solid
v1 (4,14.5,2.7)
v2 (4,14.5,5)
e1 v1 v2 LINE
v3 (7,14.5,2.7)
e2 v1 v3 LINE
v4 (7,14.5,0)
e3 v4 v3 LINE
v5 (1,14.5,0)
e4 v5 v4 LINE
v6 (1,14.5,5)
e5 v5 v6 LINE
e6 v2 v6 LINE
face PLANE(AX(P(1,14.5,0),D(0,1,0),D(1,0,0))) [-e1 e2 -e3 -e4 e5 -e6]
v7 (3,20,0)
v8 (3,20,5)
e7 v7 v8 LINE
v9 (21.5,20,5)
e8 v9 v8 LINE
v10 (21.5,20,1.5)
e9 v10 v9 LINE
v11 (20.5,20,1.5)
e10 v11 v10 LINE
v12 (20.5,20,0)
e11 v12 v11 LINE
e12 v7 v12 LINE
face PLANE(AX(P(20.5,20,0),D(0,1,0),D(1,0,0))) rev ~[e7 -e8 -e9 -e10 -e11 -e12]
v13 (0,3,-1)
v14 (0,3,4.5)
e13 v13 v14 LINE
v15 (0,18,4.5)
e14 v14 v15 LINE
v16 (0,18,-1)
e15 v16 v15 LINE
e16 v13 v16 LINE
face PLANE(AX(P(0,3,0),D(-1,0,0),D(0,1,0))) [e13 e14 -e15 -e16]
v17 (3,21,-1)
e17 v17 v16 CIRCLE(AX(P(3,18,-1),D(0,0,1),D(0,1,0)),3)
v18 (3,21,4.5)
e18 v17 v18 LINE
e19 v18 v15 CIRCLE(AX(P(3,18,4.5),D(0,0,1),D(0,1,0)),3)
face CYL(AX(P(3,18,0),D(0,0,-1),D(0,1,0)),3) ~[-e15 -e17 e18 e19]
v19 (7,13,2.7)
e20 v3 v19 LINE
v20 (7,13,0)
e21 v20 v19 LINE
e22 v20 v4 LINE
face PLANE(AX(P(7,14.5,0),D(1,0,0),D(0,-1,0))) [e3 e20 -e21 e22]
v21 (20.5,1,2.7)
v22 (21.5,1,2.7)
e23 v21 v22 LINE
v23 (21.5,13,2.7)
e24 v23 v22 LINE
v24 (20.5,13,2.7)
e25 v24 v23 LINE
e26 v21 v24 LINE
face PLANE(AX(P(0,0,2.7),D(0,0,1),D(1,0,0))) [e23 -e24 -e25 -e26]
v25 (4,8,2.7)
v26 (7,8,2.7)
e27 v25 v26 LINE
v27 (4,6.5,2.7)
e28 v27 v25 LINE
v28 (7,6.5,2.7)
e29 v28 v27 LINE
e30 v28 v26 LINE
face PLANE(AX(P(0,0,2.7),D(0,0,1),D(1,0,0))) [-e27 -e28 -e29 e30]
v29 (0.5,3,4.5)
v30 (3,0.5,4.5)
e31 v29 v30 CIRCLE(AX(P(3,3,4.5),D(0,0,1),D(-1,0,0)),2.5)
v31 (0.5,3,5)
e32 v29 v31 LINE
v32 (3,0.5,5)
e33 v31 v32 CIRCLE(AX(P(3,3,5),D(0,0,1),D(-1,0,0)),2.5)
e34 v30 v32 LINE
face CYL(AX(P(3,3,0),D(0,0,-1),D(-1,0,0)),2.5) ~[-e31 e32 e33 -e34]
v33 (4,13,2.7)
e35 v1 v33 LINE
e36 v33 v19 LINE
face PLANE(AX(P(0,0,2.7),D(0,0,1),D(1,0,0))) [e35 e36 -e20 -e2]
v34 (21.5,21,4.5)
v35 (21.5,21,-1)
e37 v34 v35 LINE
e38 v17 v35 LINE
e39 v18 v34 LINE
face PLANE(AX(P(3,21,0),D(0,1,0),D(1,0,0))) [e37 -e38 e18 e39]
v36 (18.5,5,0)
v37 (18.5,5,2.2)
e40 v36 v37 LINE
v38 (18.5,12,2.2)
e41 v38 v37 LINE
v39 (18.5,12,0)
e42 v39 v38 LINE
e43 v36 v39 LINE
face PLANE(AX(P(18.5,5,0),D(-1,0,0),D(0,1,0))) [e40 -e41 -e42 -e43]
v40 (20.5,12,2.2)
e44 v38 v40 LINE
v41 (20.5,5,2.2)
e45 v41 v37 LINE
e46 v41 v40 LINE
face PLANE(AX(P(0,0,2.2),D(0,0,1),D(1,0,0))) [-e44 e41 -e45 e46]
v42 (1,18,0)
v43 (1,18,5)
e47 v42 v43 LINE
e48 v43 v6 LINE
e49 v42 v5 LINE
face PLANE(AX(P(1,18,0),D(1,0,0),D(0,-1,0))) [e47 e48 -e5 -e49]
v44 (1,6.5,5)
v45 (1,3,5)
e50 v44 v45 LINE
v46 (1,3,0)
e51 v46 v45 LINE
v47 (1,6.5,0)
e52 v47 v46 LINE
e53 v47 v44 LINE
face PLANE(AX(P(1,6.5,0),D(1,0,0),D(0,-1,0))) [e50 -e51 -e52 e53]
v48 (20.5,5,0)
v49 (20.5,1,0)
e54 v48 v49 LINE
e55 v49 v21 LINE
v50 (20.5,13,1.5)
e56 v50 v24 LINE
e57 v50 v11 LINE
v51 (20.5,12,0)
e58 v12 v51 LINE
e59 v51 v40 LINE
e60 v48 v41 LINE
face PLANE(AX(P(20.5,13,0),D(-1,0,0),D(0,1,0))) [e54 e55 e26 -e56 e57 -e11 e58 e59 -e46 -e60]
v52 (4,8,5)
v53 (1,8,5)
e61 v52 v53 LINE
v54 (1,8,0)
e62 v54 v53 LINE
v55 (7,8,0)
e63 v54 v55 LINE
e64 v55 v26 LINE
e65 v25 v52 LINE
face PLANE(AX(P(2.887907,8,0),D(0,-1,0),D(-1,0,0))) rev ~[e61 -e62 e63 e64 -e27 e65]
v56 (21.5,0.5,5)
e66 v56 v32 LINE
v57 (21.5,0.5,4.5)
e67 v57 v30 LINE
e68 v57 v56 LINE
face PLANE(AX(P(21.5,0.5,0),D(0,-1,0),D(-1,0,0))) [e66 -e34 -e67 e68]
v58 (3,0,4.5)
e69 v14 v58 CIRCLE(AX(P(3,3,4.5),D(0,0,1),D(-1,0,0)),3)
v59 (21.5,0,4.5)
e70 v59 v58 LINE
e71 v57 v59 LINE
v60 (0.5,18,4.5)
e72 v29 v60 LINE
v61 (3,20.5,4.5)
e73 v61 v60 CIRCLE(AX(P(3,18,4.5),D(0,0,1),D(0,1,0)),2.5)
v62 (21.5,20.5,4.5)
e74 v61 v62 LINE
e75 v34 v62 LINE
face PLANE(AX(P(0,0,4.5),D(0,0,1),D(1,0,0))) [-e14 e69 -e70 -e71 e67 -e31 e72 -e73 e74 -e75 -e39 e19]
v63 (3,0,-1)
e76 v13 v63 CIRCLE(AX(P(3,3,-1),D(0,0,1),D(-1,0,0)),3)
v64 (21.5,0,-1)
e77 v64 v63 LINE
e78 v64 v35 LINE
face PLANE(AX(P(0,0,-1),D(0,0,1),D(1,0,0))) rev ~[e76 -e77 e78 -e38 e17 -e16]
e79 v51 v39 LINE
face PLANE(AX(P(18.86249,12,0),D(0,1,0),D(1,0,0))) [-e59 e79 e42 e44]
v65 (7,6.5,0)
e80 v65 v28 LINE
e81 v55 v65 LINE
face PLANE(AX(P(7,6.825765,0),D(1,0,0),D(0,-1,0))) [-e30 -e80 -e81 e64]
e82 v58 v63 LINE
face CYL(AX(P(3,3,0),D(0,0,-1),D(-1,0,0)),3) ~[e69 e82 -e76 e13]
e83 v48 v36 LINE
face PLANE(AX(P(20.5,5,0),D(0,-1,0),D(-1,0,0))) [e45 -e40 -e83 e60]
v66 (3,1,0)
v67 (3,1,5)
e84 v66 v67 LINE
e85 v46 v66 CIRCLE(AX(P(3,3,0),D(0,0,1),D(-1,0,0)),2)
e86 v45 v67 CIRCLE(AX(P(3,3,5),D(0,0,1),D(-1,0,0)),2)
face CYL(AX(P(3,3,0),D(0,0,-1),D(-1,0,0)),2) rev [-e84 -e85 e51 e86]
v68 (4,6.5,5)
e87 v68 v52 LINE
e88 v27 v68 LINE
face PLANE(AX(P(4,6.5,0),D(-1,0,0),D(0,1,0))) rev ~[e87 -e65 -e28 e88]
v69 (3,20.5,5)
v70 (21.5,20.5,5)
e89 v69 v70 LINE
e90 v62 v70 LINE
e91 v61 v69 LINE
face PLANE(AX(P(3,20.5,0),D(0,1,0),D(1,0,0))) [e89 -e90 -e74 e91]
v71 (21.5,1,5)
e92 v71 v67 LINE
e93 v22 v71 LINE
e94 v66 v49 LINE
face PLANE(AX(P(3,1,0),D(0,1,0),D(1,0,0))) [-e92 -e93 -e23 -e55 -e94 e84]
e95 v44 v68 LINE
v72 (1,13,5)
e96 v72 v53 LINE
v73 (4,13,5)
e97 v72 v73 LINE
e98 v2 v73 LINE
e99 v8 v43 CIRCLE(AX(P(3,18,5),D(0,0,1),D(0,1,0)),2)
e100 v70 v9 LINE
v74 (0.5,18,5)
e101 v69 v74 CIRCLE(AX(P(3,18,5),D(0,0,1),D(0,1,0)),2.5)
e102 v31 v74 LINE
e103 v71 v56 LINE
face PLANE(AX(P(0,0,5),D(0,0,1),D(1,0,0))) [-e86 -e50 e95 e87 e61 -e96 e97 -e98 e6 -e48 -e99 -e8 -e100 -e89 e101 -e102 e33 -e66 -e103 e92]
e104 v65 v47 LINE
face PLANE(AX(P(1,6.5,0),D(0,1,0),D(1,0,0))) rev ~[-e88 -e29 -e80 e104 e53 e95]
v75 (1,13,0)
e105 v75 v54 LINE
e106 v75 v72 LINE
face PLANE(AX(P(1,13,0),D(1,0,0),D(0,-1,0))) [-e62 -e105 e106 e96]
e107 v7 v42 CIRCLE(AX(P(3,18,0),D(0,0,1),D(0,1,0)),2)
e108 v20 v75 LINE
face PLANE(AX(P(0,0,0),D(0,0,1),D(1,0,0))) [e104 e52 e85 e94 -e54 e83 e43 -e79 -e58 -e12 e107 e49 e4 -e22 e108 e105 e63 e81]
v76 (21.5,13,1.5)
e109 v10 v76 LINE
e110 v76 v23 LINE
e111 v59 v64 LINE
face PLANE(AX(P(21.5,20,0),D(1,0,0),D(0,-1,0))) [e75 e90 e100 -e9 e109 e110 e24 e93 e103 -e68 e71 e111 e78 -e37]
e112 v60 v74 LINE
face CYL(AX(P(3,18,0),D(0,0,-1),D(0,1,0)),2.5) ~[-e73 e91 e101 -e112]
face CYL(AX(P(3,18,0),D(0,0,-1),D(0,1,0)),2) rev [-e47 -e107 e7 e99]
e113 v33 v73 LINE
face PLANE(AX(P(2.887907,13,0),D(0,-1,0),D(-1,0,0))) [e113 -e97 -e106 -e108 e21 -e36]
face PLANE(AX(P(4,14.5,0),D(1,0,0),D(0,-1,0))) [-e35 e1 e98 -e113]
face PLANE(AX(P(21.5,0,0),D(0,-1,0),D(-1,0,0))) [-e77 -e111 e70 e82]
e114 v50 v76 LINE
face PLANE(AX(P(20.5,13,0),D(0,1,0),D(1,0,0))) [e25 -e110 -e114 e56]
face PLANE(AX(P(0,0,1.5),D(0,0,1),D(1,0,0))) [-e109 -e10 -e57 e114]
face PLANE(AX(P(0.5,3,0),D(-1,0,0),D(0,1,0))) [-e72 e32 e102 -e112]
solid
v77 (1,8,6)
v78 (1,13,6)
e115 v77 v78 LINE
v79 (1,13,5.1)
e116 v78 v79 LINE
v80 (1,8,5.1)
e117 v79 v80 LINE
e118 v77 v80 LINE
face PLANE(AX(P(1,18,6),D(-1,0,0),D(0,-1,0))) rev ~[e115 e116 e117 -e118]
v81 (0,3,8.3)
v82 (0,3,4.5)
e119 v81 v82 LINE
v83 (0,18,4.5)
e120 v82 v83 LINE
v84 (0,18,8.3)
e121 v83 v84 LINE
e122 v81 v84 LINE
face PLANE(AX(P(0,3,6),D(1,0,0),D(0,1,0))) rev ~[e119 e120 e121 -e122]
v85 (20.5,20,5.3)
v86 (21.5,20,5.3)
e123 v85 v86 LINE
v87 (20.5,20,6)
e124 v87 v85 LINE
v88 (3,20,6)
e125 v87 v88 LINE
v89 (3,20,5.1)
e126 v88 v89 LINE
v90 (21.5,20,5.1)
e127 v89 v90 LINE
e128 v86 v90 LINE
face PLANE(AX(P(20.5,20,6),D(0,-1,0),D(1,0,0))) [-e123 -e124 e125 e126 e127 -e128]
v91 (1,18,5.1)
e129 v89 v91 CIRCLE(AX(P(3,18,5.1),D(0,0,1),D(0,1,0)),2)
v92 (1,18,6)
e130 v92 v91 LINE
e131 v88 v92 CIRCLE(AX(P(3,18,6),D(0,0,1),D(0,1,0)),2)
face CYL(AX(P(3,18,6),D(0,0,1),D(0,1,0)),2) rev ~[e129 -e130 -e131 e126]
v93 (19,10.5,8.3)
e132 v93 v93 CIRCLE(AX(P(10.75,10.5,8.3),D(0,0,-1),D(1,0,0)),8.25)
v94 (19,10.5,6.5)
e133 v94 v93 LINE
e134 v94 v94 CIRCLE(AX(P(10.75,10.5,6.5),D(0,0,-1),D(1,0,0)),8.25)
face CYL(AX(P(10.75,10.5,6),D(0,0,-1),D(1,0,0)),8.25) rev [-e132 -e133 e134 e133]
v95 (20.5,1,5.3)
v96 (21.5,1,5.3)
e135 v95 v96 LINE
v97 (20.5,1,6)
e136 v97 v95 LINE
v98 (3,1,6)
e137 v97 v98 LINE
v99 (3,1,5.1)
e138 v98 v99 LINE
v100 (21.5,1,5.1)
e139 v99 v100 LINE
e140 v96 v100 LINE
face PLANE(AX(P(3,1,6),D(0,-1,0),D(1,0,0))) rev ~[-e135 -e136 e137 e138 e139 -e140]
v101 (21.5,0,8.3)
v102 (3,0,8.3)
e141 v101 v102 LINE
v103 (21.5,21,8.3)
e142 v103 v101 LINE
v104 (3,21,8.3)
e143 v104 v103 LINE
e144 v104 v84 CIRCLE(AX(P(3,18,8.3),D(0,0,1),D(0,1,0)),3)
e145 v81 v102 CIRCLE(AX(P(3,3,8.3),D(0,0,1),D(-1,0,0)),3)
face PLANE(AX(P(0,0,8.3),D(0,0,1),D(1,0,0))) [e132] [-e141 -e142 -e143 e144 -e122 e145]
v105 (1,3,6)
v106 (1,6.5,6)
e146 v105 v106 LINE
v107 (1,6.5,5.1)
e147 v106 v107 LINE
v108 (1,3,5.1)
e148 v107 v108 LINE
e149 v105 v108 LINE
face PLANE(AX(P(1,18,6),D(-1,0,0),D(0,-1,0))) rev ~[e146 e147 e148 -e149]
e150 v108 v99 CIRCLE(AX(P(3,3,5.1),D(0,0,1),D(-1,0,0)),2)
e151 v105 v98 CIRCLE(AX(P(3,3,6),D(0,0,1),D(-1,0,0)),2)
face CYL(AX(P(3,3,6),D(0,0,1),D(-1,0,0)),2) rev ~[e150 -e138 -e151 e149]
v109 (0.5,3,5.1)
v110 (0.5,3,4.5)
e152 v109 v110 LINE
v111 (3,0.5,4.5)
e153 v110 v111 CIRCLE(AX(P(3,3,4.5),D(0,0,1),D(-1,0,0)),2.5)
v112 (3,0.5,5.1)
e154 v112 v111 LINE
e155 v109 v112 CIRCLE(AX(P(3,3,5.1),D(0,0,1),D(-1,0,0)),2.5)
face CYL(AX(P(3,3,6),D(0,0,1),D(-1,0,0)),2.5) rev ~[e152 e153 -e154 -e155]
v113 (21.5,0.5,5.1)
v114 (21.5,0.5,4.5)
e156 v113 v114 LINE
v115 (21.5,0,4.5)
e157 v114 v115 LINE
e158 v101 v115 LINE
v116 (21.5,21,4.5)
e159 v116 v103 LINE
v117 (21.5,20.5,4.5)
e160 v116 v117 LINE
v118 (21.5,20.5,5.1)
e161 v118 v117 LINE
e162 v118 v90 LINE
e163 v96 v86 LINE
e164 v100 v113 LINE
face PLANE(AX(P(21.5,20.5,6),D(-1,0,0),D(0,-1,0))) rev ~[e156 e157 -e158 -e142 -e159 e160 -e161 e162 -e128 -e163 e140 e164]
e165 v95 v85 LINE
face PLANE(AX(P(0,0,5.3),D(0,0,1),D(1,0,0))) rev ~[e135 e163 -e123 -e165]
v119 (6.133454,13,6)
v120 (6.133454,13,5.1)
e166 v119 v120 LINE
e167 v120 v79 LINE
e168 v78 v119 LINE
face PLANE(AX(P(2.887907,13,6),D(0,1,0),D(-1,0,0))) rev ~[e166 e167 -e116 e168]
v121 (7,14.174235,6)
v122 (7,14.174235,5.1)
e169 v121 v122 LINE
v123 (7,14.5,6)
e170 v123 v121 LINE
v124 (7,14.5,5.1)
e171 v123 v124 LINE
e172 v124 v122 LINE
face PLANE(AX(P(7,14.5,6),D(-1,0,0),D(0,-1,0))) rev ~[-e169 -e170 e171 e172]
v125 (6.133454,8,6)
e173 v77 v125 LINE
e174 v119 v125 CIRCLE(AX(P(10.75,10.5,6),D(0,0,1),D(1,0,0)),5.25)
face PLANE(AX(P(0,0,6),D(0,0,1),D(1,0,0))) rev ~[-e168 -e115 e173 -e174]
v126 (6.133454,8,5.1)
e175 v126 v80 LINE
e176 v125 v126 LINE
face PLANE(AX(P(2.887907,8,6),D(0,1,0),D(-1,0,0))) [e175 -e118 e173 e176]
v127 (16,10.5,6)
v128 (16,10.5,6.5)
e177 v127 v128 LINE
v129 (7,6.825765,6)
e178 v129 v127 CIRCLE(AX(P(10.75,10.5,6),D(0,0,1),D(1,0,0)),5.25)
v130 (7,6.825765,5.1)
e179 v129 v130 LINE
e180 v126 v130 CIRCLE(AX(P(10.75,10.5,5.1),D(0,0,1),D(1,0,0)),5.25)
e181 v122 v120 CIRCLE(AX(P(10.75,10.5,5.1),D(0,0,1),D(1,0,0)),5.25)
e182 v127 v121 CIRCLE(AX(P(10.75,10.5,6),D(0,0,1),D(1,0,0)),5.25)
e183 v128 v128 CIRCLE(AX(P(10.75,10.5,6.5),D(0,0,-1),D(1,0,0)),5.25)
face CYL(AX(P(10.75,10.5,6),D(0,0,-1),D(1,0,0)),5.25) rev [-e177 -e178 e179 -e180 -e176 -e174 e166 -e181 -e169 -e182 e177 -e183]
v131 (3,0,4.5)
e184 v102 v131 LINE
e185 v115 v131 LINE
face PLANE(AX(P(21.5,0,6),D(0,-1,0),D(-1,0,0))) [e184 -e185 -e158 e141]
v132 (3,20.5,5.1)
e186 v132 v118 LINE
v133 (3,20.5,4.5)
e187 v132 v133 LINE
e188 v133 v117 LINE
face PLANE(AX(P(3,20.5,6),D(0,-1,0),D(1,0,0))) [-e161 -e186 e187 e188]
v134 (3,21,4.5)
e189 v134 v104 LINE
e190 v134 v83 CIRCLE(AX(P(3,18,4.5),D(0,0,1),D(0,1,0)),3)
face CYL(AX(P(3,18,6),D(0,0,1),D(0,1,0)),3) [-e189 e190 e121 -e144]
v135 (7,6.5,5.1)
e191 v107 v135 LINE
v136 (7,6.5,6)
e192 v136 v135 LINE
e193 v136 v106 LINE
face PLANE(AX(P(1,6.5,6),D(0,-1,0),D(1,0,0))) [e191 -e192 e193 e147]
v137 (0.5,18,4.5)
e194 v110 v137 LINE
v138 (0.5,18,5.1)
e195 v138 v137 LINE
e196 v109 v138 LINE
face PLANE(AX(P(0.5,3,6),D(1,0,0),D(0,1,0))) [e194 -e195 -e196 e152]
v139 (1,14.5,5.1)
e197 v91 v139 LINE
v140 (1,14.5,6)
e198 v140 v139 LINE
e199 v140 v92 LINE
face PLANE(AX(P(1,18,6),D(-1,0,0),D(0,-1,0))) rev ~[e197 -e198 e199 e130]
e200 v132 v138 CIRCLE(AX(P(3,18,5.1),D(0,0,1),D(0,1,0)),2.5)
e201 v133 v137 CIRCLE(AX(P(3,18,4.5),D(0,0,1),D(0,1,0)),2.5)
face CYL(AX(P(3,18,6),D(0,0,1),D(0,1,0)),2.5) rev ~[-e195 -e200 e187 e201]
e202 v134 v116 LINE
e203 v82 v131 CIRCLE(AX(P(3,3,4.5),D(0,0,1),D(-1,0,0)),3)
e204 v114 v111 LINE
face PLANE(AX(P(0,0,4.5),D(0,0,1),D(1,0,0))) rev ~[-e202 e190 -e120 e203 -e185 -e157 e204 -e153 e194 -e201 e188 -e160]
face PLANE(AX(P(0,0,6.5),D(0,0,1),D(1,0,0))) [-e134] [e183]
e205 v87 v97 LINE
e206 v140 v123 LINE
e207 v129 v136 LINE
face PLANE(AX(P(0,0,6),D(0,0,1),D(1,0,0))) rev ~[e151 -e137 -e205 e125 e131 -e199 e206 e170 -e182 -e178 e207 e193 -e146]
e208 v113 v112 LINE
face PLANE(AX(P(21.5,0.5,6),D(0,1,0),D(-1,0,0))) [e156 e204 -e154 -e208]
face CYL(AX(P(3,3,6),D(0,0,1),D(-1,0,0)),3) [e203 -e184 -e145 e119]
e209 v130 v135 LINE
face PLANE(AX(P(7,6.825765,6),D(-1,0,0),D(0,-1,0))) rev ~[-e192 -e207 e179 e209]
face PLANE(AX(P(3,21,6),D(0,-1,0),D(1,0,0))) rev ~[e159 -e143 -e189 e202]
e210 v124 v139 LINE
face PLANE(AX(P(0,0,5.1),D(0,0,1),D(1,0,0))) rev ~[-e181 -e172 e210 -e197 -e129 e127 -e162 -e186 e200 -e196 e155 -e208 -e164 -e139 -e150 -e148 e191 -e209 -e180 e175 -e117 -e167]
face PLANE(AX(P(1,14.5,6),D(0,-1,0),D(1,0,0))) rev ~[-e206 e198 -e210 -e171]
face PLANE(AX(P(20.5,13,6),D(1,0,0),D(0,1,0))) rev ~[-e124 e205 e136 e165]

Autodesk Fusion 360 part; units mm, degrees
sketch "Sketch2" plane through (0, 0, 0) normal (0, 0, 1) x (1, 0, 0)
  line L0 (3, 21) -> (21.5, 21)
  line L1 (21.5, 21) -> (21.5, 0)
  line L2 (21.5, 0) -> (3, 0)
  line L3 (0, 3) -> (0, 18)
  line L4 (20.5, 20) -> (3, 20)
  line L5 (1, 18) -> (1, 3)
  line L6 (3, 1) -> (20.5, 1)
  line L7 (20.5, 1) -> (20.5, 20)
  line L8 (20.5, 20) -> (21.5, 20)
  line L9 (20.5, 1) -> (21.5, 1)
  line L10 (20.5, 13) -> (21.5, 13)
  line L11 (20.5, 5) -> (18.5, 5)
  line L12 (18.5, 5) -> (18.5, 12)
  line L13 (18.5, 12) -> (20.5, 12)
  line L14 (20.5, 12) -> (20.5, 5)
  line L15 (1, 6.5) -> (4, 6.5)
  line L16 (4, 6.5) -> (4, 8)
  line L17 (4, 8) -> (1, 8)
  line L18 (1, 8) -> (1, 6.5)
  line L19 (1, 14.5) -> (4, 14.5)
  line L20 (4, 14.5) -> (4, 13)
  line L21 (4, 13) -> (1, 13)
  line L22 (1, 13) -> (1, 14.5)
  line L23 (4, 8) -> (7, 8)
  line L24 (7, 8) -> (7, 6.5)
  line L25 (7, 6.5) -> (4, 6.5)
  line L26 (4, 6.5) -> (4, 8)
  line L27 (4, 14.5) -> (7, 14.5)
  line L28 (7, 14.5) -> (7, 13)
  line L29 (7, 13) -> (4, 13)
  line L30 (4, 13) -> (4, 14.5)
  arc A0 (3, 20) -> (1, 18) centre (3, 18) ccw
  arc A1 (3, 21) -> (0, 18) centre (3, 18) ccw
  arc A2 (1, 3) -> (3, 1) centre (3, 3) ccw
  arc A3 (0, 3) -> (3, 0) centre (3, 3) ccw
  line L31 (21.5, 0.5) -> (3, 0.5)
  arc A4 (0.5, 3) -> (3, 0.5) centre (3, 3) ccw
  line L32 (0.5, 3) -> (0.5, 18)
  arc A5 (3, 20.5) -> (0.5, 18) centre (3, 18) ccw
  line L33 (3, 20.5) -> (21.5, 20.5)
  line L34 (21.5, 10.5) -> (0, 10.5) construction
  circle A6 centre (10.75, 10.5) radius 8.25
  circle A7 centre (10.75, 10.5) radius 5.25
  point P0 (0, 21)
  dimension "d1" = 21.5
  dimension "d2" = 21
  dimension "d3" = 12
  dimension "d4" = 2
  dimension "d5" = 7
  dimension "d6" = 3
  dimension "d7" = 1.5
  dimension "d8" = 3
  dimension "d9" = 5.5
  dimension "d10" = 5.5
  dimension "d11" = 2
  dimension "d12" = 3
  dimension "d13" = 2
  dimension "d14" = 3
  dimension "d23" = 0.5
  dimension "d28" = 16.5
  dimension "d29" = 10.5
extrude "Extrude1" add sketch "Sketch2" along normal blind 5 contours L1 L4 L5 L6 L8 L9 L18 L22 A0 A2 L31 A4 L32 A5 L33 | L5 L19 L21 L22 A6 | L19 L20 L21 L30 A6 | L5 L15 L17 L18 A6 | L15 L16 L17 L26 A6 makes body 1
extrude "Extrude2" add sketch "Sketch2" against normal blind 1 bodies 1
extrude "Extrude3" add sketch "Sketch2" along normal blind 2.7 contours L1 L7 L9 L10 L14 | L20 L27 L28 L29 L30 A7 | L16 L23 L24 L25 L26 A7 | L28 L29 A7 | L23 L24 A7 bodies 1
extrude "Extrude4" add sketch "Sketch2" along normal blind 2.2 contours L7 L11 L12 L13 L14 A6 | L12 L13 A6 bodies 1
extrude "Extrude5" add sketch "Sketch2" along normal blind 4.5 contours L0 L1 L2 L3 A1 A3 L31 A4 L32 A5 L33 bodies 1
extrude "Extrude6" add sketch "Sketch2" along normal blind 1.5 contours L1 L7 L8 L10 bodies 1
ref_plane "WorkPlane1" through (10.3898, 10.5, 6) normal (0, 0, 1) x (1, 0, 0)
extrude "Extrude7" add sketch "Sketch2" along normal blind 2.3 from surface at 6 separate body contours L0 L1 L2 L3 A1 A3 L31 A4 L32 A5 L33 | L1 L4 L5 L6 L8 L9 L18 L22 A0 A2 L31 A4 L32 A5 L33 | L1 L7 L8 L10 | L1 L7 L9 L10 L14 | L4 L5 L7 L13 L19 A0 A6 | L5 L6 L7 L11 L12 L15 A2 A6 | L7 L11 L12 L13 L14 A6 | L5 L19 L21 L22 A6 | L5 L17 L21 A6 | L5 L15 L17 L18 A6 makes body 2
extrude "Extrude8" add sketch "Sketch2" along normal blind 0.5 from surface at 6 separate body contours L12 L13 A6 | L12 L13 L15 L19 L24 L25 L27 L28 A6 A7 | L19 L20 L21 L30 A6 | L20 L27 L28 L29 L30 A7 | L17 L21 L23 L29 A6 A7 | L15 L16 L17 L26 A6 | L16 L23 L24 L25 L26 A7 makes body 3
combine "Combine1" operation add target body 2 tool bodies 3
extrude "Extrude9" add sketch "Sketch2" against normal blind 0.9 from surface at 6 separate body contours L1 L4 L5 L6 L8 L9 L18 L22 A0 A2 L31 A4 L32 A5 L33 makes body 4
extrude "Extrude10" add sketch "Sketch2" against normal blind 1.5 from surface at 6 contours L0 L1 L2 L3 A1 A3 L31 A4 L32 A5 L33 bodies 2 4
extrude "Extrude11" add sketch "Sketch2" against normal blind 0.7 from surface at 6 contours L1 L7 L8 L10 | L1 L7 L9 L10 L14 bodies 2
extrude "Extrude12" add sketch "Sketch2" against normal blind 0.9 from surface at 6 separate body contours L5 L19 L21 L22 A6 | L19 L20 L21 L30 A6 | L5 L15 L17 L18 A6 | L20 L27 L28 L29 L30 A7 | L15 L16 L17 L26 A6 | L16 L23 L24 L25 L26 A7 makes body 5 at (4, 14, 6) makes body 6 at (2.7112, 7.5, 6)
combine "Combine2" operation add target body 2 tool bodies 5 6
